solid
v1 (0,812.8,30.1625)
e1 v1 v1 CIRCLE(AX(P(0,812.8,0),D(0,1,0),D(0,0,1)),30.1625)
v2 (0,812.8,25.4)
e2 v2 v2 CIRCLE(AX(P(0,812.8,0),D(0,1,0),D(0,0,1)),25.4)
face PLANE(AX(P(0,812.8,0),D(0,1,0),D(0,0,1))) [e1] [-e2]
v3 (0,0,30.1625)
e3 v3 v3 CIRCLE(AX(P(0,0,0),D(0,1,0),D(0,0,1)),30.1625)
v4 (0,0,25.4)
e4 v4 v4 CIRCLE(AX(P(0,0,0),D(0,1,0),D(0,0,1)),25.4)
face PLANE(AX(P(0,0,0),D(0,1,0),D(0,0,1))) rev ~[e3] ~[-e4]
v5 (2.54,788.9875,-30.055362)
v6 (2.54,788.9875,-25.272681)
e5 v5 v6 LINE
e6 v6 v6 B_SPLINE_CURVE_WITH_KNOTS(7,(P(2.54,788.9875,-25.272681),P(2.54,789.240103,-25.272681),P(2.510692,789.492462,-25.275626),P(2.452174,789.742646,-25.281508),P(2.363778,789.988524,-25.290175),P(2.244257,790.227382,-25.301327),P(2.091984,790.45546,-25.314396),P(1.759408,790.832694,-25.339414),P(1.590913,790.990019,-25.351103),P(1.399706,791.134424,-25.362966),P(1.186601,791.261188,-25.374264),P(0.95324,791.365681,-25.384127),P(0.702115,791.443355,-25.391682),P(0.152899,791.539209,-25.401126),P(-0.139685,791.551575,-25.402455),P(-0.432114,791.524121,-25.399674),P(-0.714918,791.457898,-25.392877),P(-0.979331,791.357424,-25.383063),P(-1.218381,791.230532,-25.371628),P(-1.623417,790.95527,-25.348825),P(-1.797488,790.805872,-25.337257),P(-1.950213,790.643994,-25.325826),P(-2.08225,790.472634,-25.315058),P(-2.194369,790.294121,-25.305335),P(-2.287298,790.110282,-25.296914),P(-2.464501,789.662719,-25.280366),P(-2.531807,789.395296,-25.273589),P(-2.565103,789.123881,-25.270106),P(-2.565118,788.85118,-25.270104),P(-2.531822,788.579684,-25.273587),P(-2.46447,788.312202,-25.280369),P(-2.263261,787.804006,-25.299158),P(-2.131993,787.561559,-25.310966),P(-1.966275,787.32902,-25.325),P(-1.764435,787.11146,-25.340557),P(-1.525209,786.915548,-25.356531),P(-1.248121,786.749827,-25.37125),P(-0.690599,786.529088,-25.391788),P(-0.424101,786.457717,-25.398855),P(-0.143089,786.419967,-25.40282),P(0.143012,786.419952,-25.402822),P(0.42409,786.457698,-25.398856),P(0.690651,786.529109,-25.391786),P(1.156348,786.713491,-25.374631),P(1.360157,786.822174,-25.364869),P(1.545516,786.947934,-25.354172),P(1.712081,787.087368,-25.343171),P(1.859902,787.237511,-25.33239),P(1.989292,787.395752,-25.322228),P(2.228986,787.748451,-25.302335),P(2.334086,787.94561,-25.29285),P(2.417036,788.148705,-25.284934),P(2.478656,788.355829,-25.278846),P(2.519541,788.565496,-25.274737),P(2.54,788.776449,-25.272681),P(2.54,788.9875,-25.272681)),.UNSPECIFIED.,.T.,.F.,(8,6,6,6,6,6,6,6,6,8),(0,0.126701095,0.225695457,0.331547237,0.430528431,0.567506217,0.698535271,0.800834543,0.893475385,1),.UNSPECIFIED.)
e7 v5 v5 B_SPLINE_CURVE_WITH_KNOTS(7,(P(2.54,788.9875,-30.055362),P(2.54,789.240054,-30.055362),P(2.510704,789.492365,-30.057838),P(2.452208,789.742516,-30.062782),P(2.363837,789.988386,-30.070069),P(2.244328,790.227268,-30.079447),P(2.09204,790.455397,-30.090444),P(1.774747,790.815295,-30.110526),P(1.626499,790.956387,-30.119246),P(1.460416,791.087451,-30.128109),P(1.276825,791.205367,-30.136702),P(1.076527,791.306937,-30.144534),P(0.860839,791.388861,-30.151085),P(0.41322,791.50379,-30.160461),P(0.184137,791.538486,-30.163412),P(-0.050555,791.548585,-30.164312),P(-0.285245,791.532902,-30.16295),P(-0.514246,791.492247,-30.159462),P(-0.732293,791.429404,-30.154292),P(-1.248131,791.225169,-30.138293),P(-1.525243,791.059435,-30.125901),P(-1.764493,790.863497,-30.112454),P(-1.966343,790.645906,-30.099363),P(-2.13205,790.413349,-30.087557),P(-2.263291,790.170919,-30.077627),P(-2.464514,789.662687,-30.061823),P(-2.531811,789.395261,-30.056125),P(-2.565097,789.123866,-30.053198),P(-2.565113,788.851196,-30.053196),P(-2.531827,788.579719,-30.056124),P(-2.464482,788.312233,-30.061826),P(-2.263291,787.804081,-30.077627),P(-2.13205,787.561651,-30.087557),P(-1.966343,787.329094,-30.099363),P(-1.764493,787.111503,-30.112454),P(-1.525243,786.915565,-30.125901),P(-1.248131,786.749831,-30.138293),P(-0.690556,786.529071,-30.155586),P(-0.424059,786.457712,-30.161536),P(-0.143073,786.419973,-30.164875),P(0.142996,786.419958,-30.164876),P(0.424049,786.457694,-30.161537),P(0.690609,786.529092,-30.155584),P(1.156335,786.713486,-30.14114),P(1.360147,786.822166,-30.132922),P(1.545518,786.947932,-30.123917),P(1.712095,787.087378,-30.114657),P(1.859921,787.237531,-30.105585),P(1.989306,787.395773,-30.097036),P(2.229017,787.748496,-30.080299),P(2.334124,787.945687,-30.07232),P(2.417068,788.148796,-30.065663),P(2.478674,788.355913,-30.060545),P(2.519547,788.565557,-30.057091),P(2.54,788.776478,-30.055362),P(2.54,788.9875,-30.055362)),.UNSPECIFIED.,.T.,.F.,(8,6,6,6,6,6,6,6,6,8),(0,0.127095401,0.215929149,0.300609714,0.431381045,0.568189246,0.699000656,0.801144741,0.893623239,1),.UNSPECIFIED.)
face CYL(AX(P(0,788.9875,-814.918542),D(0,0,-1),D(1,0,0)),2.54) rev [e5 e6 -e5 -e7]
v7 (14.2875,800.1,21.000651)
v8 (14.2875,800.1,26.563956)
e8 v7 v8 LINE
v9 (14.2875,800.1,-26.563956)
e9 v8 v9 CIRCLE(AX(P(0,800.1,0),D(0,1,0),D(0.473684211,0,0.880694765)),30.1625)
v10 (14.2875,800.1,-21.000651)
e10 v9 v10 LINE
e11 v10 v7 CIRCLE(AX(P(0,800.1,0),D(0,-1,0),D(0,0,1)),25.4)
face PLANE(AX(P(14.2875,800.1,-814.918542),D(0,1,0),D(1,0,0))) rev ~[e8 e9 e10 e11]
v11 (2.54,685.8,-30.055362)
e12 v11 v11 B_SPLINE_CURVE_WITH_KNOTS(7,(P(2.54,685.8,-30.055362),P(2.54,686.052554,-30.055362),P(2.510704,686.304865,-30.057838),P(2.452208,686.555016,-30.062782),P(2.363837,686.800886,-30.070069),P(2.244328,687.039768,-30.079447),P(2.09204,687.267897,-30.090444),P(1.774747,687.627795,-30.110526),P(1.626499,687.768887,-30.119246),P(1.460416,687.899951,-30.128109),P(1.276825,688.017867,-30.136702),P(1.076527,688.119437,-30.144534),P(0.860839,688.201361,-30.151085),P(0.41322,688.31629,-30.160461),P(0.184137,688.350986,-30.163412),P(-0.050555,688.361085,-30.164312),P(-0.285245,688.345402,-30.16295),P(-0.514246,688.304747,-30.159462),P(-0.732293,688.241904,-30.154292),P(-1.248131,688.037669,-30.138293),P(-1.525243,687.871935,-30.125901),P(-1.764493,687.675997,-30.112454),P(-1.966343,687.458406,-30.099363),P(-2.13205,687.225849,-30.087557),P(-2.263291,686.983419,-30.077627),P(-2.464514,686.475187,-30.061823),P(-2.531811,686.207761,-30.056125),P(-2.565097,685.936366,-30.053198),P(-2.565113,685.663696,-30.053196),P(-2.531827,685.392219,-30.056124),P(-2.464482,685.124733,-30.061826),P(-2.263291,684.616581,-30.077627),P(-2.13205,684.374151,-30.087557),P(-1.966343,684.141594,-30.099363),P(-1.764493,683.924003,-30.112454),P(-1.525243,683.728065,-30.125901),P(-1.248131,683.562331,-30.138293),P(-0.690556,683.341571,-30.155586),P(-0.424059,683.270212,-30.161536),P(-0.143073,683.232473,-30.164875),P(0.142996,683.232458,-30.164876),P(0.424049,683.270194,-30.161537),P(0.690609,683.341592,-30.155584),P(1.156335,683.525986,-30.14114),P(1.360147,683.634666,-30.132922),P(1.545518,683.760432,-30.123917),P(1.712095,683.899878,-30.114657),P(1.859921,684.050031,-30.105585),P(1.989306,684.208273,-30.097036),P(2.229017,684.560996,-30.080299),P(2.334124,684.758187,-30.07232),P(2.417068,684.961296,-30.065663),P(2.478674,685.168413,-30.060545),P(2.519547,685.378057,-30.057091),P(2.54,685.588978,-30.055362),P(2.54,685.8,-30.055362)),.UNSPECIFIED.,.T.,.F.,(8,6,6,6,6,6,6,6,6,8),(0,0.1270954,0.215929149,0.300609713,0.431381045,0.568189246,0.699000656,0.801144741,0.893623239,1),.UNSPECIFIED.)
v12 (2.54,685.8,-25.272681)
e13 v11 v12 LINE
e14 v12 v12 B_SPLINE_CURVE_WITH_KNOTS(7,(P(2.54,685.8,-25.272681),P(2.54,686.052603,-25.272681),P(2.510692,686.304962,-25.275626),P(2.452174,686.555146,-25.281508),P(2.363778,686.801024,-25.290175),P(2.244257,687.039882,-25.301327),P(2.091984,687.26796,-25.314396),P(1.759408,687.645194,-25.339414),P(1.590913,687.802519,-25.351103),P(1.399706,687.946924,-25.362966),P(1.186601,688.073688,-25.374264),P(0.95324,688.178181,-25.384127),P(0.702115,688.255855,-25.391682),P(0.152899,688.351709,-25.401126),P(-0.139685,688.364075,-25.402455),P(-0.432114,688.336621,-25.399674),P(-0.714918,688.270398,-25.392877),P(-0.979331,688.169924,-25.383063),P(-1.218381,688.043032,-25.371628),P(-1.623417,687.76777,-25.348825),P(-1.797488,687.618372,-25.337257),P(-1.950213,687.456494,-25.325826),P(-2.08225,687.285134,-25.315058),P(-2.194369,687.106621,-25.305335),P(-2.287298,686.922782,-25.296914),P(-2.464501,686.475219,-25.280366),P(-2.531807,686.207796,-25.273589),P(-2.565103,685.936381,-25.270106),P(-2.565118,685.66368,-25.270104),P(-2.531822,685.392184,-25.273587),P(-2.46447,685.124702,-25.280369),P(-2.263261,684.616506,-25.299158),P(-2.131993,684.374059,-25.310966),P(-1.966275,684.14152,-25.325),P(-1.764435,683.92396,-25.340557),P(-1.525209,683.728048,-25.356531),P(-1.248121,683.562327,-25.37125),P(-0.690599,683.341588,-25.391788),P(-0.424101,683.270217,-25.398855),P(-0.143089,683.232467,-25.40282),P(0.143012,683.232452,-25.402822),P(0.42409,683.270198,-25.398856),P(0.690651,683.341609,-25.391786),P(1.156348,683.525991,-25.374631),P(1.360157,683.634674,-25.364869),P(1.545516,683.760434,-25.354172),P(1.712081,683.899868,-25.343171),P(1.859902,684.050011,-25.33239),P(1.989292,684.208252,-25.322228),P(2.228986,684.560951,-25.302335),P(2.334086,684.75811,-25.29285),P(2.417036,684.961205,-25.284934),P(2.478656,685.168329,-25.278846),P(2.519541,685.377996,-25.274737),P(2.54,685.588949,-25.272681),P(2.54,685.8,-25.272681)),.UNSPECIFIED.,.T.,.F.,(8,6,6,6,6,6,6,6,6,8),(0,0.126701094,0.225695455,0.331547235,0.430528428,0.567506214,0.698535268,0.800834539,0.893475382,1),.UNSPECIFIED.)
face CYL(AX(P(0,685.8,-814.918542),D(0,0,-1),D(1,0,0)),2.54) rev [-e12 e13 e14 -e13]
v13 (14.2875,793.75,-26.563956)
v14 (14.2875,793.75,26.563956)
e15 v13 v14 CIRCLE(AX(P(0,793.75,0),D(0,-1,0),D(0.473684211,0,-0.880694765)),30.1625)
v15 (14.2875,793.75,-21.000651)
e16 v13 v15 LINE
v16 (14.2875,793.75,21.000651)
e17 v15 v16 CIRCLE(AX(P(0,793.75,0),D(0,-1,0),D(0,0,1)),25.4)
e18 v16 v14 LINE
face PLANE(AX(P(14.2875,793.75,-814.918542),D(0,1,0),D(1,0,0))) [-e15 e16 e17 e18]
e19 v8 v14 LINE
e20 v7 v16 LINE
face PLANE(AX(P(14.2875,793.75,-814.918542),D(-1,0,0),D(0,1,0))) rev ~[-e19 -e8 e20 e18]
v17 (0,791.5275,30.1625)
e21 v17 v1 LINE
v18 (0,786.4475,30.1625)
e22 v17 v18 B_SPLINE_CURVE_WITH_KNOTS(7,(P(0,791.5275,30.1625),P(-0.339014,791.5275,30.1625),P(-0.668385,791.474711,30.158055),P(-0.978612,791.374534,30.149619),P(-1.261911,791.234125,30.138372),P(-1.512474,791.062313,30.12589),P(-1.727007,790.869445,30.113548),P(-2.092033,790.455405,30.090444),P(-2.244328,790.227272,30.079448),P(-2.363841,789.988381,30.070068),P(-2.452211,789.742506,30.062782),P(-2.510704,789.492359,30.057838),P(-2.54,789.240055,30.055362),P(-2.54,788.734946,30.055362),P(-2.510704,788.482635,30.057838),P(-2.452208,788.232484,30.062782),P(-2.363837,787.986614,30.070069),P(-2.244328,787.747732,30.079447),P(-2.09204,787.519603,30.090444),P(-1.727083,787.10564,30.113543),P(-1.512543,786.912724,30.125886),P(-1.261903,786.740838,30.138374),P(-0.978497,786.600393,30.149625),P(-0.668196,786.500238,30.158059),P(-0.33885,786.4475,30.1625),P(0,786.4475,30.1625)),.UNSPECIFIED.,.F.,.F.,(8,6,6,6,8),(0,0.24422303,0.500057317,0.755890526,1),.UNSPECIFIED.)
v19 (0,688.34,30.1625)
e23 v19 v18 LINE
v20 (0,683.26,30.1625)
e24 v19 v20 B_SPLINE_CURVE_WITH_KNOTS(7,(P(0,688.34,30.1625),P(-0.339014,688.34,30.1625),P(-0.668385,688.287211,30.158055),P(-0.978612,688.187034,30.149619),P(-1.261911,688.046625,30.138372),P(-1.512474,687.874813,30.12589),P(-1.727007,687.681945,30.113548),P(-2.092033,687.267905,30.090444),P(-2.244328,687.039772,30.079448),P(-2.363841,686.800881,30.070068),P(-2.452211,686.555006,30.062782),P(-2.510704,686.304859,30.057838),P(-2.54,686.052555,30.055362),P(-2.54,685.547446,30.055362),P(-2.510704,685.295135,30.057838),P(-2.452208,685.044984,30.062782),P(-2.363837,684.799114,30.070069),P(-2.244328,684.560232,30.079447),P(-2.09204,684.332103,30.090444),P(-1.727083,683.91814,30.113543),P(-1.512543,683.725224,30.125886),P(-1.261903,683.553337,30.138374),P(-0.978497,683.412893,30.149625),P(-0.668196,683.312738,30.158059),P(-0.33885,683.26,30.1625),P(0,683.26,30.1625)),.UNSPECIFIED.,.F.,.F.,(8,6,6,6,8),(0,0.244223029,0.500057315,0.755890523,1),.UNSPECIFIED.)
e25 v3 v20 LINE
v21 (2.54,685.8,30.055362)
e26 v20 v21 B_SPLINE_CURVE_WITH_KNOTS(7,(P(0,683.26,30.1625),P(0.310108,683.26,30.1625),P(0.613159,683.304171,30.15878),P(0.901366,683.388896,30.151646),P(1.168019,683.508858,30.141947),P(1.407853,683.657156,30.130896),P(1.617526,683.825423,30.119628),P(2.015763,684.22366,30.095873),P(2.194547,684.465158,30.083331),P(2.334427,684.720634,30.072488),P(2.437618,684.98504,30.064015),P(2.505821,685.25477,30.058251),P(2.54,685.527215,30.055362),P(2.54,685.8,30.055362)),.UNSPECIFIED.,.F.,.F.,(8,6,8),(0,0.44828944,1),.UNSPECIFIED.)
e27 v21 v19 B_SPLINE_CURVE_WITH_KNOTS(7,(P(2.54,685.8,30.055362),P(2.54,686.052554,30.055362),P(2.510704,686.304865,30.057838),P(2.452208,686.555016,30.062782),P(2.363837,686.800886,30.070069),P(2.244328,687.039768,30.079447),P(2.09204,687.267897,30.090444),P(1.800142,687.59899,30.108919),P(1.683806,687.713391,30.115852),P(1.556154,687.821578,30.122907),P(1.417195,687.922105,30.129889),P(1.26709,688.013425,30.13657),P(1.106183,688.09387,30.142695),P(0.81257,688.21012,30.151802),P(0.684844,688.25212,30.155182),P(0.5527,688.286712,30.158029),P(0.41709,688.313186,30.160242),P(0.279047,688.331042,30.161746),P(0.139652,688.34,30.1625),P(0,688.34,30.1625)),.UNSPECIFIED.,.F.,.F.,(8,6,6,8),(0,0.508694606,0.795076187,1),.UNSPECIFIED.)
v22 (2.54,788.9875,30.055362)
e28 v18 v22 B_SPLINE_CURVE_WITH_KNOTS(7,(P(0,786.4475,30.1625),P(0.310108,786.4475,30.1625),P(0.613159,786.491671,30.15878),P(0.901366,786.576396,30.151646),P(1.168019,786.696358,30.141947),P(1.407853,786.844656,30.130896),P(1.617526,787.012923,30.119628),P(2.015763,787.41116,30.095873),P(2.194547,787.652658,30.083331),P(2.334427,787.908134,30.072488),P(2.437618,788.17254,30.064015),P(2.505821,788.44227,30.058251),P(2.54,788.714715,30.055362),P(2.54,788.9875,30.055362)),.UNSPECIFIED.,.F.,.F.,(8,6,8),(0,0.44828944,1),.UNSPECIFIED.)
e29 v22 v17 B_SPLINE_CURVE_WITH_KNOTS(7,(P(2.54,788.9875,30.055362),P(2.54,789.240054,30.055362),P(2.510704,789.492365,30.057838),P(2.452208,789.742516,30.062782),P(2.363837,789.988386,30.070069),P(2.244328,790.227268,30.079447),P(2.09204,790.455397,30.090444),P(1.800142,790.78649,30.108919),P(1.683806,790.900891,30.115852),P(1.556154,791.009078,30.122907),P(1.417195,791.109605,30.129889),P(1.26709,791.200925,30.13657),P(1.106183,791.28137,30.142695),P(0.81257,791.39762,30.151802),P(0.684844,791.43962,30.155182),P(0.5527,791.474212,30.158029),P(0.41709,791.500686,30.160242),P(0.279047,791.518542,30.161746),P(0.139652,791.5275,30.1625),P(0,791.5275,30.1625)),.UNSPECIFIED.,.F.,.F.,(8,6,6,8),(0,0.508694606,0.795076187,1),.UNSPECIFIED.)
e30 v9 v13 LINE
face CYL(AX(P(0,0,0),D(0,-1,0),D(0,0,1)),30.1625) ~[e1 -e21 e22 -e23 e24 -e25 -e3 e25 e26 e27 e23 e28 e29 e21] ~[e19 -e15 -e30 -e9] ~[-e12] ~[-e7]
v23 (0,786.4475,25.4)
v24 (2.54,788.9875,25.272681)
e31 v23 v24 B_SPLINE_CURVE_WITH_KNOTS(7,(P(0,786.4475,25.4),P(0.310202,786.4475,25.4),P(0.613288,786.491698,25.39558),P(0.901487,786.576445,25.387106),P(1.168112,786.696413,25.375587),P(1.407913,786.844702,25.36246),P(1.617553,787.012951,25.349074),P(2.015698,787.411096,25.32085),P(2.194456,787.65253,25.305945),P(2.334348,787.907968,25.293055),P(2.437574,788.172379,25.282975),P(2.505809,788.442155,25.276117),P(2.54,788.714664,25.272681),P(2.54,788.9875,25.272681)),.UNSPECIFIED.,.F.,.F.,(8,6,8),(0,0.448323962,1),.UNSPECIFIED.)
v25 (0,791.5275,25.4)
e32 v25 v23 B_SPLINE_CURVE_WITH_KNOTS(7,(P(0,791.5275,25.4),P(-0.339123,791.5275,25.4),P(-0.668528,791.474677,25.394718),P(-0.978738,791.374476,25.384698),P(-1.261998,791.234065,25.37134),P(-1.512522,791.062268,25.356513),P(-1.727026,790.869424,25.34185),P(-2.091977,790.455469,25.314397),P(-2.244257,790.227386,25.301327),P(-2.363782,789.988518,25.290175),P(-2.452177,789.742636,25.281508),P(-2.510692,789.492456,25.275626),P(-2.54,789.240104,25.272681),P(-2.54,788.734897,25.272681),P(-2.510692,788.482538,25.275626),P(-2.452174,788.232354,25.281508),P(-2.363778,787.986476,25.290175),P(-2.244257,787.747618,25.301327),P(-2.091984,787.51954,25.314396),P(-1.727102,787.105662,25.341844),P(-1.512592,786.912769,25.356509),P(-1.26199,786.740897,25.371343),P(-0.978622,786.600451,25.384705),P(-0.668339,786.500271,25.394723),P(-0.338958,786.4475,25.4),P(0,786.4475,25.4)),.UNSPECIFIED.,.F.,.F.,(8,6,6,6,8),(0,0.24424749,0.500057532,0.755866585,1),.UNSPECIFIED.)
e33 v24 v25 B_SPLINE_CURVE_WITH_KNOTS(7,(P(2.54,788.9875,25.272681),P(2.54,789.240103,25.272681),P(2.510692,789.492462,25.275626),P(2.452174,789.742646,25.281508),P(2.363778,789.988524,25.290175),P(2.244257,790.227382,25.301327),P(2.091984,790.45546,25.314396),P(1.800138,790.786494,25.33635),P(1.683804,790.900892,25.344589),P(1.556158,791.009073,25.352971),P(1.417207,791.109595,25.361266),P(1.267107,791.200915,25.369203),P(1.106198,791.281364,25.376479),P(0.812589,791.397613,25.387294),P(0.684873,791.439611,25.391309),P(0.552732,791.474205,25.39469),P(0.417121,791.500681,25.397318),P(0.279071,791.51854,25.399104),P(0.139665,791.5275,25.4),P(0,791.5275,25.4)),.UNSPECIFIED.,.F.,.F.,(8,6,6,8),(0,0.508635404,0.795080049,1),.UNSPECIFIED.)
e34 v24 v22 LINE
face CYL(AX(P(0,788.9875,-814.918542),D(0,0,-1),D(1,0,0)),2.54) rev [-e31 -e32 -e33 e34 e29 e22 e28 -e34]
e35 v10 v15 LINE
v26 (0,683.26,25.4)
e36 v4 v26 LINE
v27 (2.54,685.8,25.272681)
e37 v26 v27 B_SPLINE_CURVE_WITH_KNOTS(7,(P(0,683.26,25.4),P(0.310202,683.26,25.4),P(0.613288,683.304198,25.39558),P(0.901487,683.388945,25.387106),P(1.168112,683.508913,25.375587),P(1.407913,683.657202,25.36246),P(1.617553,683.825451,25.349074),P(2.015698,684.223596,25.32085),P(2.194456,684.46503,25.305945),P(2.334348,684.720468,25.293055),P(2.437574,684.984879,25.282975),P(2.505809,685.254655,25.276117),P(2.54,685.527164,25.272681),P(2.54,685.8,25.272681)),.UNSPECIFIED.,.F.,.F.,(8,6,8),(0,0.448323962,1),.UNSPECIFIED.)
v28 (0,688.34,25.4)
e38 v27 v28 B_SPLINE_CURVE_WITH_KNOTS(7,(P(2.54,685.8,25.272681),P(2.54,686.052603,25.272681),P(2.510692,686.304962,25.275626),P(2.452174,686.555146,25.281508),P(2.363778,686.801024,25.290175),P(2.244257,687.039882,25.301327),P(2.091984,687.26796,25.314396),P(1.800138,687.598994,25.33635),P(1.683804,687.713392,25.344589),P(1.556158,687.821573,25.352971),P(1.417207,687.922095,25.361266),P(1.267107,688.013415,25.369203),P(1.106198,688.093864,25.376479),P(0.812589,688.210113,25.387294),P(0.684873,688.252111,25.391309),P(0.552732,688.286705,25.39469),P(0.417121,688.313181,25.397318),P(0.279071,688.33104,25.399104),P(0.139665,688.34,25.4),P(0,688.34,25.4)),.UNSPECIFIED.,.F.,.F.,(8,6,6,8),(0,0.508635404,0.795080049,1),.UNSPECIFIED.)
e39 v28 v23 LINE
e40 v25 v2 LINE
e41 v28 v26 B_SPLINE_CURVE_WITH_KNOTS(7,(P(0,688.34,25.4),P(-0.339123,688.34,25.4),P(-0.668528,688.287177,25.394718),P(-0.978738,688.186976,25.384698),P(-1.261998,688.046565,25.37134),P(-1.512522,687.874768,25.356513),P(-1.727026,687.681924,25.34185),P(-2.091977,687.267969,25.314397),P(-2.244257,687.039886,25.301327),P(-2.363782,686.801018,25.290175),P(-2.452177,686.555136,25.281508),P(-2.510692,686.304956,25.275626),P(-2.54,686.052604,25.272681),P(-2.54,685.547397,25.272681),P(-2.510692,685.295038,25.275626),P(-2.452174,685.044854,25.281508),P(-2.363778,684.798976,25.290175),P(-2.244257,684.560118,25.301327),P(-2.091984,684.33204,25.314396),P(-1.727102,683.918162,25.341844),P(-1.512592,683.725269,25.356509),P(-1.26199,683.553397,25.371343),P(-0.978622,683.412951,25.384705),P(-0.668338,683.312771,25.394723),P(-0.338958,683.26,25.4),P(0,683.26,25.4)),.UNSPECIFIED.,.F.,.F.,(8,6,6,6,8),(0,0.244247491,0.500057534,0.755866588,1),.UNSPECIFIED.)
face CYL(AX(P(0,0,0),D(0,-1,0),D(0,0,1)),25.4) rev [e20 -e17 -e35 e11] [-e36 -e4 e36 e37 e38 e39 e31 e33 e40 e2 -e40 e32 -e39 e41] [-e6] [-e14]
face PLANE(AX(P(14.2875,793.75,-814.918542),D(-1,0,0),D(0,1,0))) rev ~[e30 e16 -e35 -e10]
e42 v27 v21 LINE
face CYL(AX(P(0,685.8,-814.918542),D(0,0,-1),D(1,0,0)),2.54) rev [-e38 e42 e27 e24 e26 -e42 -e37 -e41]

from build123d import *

# Parameters (mm, degrees)
SKETCH1_R               = 30.1625
SKETCH1_R_2             = 25.4
BOSS_EXTRUDE1_DEPTH     = 812.8
CUT_EXTRUDE2_DEPTH      = 814.918541878
CUT_EXTRUDE2_DEPTH_BACK = 814.918541878
SKETCH4_R               = 2.54
SKETCH4_W               = 15.875
SKETCH4_H               = 6.35


with BuildPart() as part:
    # Sketch1 → Boss-Extrude1 (new body)
    with BuildSketch(Plane(origin=(0, 0, 0), x_dir=(1, 0, 0), z_dir=(0, 1, 0))):
        with Locations(Location((0, 0, 0), (0, 0, 270))):
            Circle(SKETCH1_R)
        with Locations(Location((0, 0, 0), (0, 0, 270))):
            Circle(SKETCH1_R_2, mode=Mode.SUBTRACT)
    extrude(amount=BOSS_EXTRUDE1_DEPTH)

    # Sketch4 → Cut-Extrude2 (cut, two sides: drawn at the far end of the back side and taken through both)
    with BuildSketch(Plane.XY.offset(-CUT_EXTRUDE2_DEPTH_BACK)):
        with Locations((0, 685.8)):
            Circle(SKETCH4_R)
        with Locations((0, 788.9875)):
            Circle(SKETCH4_R)
        with Locations((22.225, 796.925)):
            Rectangle(SKETCH4_W, SKETCH4_H)
    extrude(amount=CUT_EXTRUDE2_DEPTH + CUT_EXTRUDE2_DEPTH_BACK, mode=Mode.SUBTRACT)


solid = part.part
